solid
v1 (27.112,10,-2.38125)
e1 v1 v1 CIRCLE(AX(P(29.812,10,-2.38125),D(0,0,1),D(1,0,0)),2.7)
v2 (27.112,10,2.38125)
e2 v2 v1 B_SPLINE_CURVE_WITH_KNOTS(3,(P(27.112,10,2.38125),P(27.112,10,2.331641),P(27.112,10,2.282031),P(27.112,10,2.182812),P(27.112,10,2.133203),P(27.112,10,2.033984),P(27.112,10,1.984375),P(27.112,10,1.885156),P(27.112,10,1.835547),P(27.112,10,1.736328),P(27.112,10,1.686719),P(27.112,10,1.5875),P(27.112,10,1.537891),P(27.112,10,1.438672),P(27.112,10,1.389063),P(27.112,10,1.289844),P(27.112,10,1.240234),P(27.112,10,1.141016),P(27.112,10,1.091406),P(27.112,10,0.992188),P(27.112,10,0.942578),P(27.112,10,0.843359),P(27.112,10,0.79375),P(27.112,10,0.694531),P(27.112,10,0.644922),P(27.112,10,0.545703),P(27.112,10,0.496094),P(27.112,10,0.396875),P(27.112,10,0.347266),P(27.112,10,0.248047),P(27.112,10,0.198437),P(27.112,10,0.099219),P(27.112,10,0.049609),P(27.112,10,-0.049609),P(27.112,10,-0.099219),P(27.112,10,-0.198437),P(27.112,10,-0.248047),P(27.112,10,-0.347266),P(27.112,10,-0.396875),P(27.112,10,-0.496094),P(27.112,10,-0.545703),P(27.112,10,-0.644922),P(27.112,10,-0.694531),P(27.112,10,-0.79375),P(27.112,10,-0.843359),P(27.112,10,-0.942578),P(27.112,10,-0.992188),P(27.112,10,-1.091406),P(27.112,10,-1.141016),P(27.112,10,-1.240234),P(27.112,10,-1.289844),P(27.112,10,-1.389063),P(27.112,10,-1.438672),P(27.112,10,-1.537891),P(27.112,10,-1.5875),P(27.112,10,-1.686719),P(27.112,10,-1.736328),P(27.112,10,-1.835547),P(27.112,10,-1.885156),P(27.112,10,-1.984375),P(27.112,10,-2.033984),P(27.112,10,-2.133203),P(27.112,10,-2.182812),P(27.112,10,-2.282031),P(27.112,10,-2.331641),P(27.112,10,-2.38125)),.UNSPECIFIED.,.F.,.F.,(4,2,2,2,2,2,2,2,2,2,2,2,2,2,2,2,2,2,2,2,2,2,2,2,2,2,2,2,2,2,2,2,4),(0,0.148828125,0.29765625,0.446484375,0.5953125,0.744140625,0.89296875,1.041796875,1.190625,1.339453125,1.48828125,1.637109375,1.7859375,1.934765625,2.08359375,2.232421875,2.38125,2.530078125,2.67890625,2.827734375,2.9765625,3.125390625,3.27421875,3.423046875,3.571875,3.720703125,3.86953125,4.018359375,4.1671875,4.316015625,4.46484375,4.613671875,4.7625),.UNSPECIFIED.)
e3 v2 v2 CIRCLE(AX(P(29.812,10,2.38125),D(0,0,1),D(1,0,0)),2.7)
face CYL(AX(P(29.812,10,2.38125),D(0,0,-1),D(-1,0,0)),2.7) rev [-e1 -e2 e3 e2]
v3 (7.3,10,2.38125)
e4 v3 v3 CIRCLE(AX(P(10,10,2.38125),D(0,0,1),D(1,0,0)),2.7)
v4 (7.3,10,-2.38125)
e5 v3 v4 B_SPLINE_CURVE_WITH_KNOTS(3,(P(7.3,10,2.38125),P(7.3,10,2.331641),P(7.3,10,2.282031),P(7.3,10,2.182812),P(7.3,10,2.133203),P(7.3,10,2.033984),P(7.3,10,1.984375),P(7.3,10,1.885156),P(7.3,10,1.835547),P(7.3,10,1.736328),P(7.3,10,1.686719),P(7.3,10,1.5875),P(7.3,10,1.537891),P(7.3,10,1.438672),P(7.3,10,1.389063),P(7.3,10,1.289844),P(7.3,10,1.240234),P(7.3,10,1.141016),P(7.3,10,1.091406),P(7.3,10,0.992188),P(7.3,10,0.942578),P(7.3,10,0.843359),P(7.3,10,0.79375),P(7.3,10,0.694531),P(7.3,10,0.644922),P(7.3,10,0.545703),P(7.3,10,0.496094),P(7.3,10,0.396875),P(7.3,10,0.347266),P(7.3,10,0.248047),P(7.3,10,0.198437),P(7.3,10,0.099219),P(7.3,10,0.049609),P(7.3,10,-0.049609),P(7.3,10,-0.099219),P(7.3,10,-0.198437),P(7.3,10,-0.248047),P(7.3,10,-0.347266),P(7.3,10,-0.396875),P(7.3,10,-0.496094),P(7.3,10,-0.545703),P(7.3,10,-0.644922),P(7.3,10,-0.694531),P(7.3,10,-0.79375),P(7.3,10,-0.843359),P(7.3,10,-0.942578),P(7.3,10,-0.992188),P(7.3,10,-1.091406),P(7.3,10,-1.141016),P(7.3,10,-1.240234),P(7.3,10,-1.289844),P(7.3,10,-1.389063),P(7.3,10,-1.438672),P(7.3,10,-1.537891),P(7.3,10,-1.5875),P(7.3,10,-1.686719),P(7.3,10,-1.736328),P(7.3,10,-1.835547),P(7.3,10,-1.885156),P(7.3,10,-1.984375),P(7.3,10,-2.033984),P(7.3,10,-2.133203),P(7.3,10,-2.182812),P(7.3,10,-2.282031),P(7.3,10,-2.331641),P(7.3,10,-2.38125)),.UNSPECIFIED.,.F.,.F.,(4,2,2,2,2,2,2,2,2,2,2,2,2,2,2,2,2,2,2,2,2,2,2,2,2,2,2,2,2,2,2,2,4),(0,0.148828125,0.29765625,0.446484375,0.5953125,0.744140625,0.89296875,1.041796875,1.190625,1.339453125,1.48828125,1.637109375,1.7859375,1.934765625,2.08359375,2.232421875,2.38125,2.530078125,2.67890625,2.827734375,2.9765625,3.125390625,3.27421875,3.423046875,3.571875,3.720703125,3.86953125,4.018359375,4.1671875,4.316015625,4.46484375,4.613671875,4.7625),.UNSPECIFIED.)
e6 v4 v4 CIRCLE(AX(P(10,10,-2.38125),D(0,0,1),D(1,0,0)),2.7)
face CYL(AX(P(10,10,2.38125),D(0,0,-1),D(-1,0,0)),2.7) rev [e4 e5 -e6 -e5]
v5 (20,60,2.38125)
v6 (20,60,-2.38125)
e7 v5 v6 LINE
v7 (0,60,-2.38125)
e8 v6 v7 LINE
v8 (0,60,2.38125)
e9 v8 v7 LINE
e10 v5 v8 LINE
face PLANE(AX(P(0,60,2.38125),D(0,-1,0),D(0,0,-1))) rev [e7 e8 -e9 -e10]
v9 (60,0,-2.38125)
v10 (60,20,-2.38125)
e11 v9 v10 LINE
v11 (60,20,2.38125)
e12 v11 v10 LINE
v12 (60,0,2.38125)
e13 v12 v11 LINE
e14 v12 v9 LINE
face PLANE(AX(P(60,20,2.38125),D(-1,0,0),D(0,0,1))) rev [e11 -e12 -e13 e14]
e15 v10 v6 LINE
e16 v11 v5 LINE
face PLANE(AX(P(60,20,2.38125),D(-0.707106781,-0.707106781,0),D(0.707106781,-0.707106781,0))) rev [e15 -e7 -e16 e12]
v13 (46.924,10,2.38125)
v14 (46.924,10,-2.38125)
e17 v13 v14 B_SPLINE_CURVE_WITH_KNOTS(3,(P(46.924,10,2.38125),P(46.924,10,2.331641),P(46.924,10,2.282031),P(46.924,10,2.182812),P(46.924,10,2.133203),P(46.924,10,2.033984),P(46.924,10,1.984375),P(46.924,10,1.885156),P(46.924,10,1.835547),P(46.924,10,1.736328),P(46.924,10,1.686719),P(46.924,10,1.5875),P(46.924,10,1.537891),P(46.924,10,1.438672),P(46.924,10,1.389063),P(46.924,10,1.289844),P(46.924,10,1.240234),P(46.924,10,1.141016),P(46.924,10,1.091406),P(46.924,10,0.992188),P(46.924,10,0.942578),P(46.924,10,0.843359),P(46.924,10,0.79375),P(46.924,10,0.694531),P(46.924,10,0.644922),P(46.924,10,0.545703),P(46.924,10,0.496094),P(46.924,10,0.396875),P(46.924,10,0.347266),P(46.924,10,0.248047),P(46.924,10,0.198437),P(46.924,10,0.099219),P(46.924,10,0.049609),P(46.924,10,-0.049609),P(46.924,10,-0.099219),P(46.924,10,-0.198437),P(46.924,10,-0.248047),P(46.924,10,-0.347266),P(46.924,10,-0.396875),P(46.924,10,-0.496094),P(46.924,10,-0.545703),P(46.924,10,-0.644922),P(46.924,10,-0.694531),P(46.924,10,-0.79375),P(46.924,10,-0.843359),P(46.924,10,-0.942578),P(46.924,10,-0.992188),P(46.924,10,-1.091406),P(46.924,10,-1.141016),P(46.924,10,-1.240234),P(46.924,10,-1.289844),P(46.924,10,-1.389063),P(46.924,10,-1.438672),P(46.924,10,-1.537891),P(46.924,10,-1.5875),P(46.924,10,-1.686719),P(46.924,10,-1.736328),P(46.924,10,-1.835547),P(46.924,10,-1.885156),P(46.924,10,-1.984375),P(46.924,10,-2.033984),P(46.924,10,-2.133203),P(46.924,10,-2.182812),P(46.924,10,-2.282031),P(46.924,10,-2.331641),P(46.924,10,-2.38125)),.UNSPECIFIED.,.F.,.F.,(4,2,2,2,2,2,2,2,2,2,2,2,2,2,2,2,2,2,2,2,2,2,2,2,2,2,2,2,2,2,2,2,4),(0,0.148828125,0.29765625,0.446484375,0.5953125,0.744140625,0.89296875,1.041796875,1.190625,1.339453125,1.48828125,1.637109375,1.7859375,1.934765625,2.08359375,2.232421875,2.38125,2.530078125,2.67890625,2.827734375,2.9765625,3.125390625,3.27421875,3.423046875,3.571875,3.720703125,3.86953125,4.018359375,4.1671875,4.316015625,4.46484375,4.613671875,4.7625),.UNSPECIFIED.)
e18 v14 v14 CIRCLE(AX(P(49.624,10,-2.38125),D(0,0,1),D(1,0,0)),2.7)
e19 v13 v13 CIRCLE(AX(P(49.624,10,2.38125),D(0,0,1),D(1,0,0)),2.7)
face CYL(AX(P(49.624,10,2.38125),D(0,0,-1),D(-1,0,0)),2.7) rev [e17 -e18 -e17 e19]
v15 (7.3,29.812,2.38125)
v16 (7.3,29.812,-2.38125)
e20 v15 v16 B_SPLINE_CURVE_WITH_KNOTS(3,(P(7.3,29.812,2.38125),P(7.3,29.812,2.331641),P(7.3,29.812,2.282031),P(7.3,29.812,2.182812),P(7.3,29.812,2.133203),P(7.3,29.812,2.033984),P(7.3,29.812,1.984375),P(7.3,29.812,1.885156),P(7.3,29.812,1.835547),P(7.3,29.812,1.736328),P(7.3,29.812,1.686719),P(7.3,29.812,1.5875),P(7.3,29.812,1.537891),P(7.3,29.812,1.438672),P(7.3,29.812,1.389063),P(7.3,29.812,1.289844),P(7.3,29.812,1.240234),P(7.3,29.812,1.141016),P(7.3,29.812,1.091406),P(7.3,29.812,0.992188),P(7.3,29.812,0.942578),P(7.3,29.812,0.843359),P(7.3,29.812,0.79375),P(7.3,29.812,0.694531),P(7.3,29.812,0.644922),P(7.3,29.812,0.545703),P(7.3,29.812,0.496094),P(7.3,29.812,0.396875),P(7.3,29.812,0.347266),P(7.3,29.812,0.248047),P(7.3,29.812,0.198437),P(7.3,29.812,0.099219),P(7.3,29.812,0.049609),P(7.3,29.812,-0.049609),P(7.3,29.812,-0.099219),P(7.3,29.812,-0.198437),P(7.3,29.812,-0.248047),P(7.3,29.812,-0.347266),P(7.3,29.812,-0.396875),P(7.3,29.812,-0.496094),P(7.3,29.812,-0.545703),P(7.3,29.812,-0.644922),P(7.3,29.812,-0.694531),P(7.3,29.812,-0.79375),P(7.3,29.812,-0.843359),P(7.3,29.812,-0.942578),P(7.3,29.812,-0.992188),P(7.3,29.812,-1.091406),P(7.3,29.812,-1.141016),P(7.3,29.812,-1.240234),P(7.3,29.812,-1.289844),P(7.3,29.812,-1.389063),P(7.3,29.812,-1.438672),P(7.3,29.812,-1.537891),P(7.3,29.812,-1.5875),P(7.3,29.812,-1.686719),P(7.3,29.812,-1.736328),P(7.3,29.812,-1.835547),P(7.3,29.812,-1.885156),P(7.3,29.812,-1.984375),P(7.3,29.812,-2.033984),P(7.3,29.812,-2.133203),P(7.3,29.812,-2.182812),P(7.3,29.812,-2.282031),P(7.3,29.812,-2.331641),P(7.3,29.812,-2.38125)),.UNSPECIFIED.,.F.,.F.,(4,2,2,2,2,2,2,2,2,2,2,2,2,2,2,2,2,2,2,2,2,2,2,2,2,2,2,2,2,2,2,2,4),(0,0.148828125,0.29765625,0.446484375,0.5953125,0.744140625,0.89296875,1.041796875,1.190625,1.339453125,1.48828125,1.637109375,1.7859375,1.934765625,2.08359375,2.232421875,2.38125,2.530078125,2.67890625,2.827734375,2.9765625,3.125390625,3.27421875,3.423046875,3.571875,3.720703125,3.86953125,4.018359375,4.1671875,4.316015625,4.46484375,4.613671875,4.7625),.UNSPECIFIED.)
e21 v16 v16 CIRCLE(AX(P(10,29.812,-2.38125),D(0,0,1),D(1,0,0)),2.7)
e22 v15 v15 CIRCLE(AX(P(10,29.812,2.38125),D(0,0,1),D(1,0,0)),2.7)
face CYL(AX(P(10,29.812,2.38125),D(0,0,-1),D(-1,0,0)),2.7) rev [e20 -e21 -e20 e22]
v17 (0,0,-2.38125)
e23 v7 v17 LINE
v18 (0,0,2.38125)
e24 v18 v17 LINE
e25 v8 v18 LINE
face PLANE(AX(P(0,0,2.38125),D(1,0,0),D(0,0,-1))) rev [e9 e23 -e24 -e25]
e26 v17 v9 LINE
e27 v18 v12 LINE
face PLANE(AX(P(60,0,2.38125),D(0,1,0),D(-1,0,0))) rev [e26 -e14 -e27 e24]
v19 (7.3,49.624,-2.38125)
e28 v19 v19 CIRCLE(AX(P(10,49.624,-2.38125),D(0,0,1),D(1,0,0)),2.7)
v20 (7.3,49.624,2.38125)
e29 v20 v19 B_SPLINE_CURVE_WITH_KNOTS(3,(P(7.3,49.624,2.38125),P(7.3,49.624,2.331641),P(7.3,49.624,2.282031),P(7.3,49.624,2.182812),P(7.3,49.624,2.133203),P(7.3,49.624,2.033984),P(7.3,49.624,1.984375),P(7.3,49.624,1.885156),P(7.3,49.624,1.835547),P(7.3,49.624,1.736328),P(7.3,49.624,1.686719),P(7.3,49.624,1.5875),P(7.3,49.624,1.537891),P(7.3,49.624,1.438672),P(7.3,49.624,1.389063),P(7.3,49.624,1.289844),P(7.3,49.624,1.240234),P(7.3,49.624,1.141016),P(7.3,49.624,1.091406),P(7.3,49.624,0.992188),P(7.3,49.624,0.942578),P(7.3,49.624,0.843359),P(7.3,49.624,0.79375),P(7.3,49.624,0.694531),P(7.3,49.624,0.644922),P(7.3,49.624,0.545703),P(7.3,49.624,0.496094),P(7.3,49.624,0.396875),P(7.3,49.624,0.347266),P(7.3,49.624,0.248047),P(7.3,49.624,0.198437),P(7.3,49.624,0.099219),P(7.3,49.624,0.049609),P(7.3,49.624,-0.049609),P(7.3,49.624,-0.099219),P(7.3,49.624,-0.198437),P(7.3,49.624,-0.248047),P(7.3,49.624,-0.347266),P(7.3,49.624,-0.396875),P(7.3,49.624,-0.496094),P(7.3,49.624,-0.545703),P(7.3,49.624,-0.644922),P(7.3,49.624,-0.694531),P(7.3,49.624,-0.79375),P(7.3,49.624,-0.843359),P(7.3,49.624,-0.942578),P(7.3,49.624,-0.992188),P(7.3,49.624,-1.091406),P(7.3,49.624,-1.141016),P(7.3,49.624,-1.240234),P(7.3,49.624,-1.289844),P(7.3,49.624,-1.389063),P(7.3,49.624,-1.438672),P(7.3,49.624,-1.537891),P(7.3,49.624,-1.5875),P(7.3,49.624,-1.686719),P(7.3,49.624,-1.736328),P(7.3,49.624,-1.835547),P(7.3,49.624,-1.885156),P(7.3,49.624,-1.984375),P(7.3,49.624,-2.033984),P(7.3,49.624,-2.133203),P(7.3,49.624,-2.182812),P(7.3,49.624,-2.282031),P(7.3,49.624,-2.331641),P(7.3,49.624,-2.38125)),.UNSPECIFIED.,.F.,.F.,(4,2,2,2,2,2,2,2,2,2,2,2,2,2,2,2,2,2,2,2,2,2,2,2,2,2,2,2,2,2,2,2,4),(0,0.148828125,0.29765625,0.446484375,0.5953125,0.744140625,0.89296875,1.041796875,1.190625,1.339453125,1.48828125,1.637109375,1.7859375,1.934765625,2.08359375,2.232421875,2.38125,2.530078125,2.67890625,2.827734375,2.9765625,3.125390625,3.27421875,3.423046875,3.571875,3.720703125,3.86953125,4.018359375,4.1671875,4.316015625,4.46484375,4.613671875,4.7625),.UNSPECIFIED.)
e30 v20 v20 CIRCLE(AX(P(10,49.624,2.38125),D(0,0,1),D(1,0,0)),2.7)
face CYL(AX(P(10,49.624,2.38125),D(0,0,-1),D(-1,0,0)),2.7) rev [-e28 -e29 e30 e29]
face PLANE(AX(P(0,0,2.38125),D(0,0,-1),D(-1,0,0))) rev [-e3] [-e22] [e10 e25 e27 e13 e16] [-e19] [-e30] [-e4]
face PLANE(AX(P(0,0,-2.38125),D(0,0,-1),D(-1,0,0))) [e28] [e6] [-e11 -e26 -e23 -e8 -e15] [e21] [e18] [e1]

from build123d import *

# Parameters (mm, degrees)
SKETCH1_R           = 2.7
BOSS_EXTRUDE1_DEPTH = 2.38125


with BuildPart() as part:
    # Sketch1 → Boss-Extrude1 (new, symmetric)
    with BuildSketch(Plane.XY):
        Polygon((0, 0), (0, 60), (20, 60), (60, 20), (60, 0), align=None)
        with Locations(Location((10, 10, 0), (0, 0, 180))):
            Circle(SKETCH1_R, mode=Mode.SUBTRACT)
        with Locations(Location((29.812, 10, 0), (0, 0, 180))):
            Circle(SKETCH1_R, mode=Mode.SUBTRACT)
        with Locations(Location((49.624, 10, 0), (0, 0, 180))):
            Circle(SKETCH1_R, mode=Mode.SUBTRACT)
        with Locations(Location((10, 29.812, 0), (0, 0, 180))):
            Circle(SKETCH1_R, mode=Mode.SUBTRACT)
        with Locations(Location((10, 49.624, 0), (0, 0, 180))):
            Circle(SKETCH1_R, mode=Mode.SUBTRACT)
    extrude(amount=BOSS_EXTRUDE1_DEPTH, both=True)


solid = part.part
